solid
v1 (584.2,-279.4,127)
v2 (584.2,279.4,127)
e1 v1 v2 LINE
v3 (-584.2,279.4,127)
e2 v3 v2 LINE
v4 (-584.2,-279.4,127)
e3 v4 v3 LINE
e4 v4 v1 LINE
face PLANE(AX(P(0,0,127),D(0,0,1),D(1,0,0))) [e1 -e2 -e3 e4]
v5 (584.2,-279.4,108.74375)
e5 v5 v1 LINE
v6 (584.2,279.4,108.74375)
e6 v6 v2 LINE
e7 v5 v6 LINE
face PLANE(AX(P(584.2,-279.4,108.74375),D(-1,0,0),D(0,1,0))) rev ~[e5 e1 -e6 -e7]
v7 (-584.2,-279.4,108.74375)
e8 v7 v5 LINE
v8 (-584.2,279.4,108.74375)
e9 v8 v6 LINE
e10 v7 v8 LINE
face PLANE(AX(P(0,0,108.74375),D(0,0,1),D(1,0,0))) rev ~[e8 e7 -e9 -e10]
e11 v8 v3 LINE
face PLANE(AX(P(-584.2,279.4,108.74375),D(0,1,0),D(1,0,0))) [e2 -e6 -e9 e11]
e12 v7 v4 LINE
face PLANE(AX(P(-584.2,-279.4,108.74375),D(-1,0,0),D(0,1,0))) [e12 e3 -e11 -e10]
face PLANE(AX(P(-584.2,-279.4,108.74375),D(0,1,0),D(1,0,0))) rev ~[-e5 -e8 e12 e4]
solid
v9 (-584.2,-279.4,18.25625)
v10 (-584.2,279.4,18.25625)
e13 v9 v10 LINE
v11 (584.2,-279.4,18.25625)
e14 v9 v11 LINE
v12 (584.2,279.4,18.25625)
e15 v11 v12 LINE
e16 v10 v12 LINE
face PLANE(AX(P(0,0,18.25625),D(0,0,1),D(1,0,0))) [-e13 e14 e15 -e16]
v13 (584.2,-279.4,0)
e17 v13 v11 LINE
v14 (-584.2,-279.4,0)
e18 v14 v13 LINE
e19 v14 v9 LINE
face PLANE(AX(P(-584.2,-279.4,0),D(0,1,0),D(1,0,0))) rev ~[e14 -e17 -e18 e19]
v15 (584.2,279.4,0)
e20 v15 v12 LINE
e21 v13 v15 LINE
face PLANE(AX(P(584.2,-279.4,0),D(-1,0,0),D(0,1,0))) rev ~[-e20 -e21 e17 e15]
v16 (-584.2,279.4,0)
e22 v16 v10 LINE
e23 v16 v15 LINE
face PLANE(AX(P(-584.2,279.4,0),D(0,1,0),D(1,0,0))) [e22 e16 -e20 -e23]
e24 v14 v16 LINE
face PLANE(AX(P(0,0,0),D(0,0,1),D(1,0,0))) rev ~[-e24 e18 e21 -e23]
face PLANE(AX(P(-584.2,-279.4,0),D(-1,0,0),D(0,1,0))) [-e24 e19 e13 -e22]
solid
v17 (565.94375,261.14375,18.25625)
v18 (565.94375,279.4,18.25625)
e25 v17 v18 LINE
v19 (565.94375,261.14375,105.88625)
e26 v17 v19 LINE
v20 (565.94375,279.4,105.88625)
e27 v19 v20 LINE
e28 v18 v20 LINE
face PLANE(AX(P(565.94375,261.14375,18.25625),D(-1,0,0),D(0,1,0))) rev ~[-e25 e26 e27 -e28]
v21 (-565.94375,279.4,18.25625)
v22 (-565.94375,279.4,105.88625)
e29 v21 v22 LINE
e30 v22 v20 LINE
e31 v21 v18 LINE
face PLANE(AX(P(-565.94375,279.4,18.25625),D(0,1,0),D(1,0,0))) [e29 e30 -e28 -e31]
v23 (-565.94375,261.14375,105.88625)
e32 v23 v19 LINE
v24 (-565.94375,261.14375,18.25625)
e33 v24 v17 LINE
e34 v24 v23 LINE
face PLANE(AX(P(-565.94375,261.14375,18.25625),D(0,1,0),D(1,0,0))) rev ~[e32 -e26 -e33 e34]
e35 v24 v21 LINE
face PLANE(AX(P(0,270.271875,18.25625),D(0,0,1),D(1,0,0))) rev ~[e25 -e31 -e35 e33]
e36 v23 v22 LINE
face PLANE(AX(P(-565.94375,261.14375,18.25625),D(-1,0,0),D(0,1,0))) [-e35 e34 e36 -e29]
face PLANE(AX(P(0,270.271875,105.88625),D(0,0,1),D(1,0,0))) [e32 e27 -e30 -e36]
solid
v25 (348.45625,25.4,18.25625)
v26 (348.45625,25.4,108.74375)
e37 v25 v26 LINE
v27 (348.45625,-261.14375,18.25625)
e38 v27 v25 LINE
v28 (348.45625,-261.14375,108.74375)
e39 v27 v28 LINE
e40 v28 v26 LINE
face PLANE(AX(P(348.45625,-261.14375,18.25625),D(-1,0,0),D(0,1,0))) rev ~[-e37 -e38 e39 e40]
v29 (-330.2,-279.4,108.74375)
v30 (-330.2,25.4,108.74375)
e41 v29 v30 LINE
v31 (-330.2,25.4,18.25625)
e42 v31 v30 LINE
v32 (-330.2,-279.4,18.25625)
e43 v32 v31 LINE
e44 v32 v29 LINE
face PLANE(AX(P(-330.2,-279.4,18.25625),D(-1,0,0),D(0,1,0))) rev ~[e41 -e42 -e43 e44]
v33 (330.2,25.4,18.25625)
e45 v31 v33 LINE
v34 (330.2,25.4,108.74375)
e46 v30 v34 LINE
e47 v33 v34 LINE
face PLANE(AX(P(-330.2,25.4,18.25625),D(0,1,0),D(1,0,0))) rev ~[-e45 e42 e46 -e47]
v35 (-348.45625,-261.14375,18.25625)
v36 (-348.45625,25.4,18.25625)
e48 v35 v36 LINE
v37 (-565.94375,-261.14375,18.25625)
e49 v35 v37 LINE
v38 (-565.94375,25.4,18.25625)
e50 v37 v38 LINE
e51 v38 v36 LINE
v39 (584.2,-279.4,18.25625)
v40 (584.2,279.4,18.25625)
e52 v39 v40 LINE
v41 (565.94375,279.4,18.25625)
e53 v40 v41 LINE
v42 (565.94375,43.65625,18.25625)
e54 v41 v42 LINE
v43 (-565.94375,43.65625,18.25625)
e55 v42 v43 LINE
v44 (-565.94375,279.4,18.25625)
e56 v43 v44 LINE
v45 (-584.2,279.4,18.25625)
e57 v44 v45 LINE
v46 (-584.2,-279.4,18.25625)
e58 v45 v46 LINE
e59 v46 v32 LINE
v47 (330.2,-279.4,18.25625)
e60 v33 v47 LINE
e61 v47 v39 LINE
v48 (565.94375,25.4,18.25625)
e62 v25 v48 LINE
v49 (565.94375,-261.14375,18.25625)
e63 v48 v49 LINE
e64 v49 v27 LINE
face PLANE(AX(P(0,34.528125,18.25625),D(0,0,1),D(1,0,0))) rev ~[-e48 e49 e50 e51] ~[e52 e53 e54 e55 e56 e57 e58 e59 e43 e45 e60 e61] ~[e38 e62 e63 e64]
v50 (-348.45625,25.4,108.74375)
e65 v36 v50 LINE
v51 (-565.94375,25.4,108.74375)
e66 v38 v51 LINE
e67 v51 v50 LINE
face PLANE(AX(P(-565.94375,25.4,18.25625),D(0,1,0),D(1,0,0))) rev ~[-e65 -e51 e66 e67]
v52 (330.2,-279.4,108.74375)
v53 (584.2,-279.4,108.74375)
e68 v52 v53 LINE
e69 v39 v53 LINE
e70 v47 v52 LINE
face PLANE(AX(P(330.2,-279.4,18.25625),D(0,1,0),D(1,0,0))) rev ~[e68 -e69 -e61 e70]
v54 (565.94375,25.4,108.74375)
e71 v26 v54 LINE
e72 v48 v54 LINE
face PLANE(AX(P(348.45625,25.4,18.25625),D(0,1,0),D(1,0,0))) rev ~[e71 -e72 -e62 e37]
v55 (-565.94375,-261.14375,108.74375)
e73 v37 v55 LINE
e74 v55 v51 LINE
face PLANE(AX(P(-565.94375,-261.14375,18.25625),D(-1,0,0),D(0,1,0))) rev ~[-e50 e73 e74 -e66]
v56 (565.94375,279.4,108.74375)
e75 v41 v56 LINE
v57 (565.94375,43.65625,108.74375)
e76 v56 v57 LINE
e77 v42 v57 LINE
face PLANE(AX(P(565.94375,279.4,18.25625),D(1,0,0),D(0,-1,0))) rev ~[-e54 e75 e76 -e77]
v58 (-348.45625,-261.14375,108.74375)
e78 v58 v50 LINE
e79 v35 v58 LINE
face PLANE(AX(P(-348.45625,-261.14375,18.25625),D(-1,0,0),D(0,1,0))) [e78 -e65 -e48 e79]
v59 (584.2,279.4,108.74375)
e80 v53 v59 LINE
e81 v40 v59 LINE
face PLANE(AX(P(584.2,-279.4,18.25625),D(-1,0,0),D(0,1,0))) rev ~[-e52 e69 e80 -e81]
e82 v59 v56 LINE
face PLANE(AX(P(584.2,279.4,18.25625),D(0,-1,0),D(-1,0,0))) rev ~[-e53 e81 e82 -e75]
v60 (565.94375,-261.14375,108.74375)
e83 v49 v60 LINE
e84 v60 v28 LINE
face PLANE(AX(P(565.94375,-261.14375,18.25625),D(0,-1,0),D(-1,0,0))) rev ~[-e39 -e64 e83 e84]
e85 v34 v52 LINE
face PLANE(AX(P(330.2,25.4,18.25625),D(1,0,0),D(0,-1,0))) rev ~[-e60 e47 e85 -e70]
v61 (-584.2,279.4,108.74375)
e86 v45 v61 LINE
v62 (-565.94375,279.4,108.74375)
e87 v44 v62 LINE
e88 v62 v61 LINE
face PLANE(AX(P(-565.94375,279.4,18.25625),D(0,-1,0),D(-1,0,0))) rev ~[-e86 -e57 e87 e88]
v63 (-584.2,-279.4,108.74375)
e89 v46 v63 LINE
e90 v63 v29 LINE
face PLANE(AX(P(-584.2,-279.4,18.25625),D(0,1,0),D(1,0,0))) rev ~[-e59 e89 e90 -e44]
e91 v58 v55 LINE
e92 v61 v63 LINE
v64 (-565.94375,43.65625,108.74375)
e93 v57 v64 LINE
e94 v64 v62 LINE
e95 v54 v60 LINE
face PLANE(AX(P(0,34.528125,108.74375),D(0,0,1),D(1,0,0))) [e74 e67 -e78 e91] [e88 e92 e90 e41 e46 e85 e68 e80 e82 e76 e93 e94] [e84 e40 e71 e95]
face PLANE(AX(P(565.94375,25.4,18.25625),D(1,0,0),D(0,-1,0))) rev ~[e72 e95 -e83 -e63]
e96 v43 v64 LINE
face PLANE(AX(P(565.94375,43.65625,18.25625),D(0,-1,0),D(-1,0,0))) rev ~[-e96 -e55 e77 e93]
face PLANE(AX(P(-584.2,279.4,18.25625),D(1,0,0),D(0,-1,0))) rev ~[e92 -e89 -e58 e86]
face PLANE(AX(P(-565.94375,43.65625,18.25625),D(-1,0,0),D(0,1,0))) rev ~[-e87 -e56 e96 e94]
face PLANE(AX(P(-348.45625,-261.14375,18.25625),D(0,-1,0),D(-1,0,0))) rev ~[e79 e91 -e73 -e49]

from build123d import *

# Parameters (mm, degrees)
F0_W     = 1168.4
F0_H     = 558.8
F1_DEPTH = 18.25625
F2_W     = 18.25625
F2_H     = 286.54375
F3_DEPTH = 90.4875
F4_W     = 1131.8875
F4_H     = 18.25625
F5_DEPTH = 87.63
F6_W     = 1168.4
F6_H     = 558.8
F7_DEPTH = 18.25625


with BuildPart() as f1:
    # F0 (on Top) → F1 (new body)
    with BuildSketch(Plane.XY):
        Rectangle(F0_W, F0_H)
    extrude(amount=F1_DEPTH)


with BuildPart() as f3:
    # F2 (on face) → F3 (new body)
    with BuildSketch(Plane.XY.offset(18.25625)):
        Polygon((565.94375, 43.65625), (-565.94375, 43.65625), (-565.94375, 25.4), (-348.45625, 25.4), (-330.2, 25.4), (330.2, 25.4), (348.45625, 25.4), (565.94375, 25.4), align=None)
        Polygon((-565.94375, 25.4), (-565.94375, 43.65625), (-565.94375, 279.4), (-584.2, 279.4), (-584.2, -261.14375), (-565.94375, -261.14375), align=None)
        Polygon((565.94375, 279.4), (565.94375, 43.65625), (565.94375, 25.4), (565.94375, -261.14375), (584.2, -261.14375), (584.2, 279.4), align=None)
        with Locations((-339.328125, -117.871875)):
            Rectangle(F2_W, F2_H)
        Polygon((-348.45625, -261.14375), (-565.94375, -261.14375), (-584.2, -261.14375), (-584.2, -279.4), (-330.2, -279.4), (-330.2, -261.14375), align=None)
        with Locations((339.328125, -117.871875)):
            Rectangle(F2_W, F2_H)
        Polygon((584.2, -261.14375), (565.94375, -261.14375), (348.45625, -261.14375), (330.2, -261.14375), (330.2, -279.4), (584.2, -279.4), align=None)
    extrude(amount=F3_DEPTH)


with BuildPart() as f5:
    # F4 (on face) → F5 (new body)
    with BuildSketch(Plane.XY.offset(18.25625)):
        with Locations((0, 270.271875)):
            Rectangle(F4_W, F4_H)
    extrude(amount=F5_DEPTH)


with BuildPart() as f7:
    # F6 (on face) → F7 (new body)
    with BuildSketch(Plane.XY.offset(108.74375)):
        Rectangle(F6_W, F6_H)
    extrude(amount=F7_DEPTH)


solid = Compound([f1.part, f3.part, f5.part, f7.part])
